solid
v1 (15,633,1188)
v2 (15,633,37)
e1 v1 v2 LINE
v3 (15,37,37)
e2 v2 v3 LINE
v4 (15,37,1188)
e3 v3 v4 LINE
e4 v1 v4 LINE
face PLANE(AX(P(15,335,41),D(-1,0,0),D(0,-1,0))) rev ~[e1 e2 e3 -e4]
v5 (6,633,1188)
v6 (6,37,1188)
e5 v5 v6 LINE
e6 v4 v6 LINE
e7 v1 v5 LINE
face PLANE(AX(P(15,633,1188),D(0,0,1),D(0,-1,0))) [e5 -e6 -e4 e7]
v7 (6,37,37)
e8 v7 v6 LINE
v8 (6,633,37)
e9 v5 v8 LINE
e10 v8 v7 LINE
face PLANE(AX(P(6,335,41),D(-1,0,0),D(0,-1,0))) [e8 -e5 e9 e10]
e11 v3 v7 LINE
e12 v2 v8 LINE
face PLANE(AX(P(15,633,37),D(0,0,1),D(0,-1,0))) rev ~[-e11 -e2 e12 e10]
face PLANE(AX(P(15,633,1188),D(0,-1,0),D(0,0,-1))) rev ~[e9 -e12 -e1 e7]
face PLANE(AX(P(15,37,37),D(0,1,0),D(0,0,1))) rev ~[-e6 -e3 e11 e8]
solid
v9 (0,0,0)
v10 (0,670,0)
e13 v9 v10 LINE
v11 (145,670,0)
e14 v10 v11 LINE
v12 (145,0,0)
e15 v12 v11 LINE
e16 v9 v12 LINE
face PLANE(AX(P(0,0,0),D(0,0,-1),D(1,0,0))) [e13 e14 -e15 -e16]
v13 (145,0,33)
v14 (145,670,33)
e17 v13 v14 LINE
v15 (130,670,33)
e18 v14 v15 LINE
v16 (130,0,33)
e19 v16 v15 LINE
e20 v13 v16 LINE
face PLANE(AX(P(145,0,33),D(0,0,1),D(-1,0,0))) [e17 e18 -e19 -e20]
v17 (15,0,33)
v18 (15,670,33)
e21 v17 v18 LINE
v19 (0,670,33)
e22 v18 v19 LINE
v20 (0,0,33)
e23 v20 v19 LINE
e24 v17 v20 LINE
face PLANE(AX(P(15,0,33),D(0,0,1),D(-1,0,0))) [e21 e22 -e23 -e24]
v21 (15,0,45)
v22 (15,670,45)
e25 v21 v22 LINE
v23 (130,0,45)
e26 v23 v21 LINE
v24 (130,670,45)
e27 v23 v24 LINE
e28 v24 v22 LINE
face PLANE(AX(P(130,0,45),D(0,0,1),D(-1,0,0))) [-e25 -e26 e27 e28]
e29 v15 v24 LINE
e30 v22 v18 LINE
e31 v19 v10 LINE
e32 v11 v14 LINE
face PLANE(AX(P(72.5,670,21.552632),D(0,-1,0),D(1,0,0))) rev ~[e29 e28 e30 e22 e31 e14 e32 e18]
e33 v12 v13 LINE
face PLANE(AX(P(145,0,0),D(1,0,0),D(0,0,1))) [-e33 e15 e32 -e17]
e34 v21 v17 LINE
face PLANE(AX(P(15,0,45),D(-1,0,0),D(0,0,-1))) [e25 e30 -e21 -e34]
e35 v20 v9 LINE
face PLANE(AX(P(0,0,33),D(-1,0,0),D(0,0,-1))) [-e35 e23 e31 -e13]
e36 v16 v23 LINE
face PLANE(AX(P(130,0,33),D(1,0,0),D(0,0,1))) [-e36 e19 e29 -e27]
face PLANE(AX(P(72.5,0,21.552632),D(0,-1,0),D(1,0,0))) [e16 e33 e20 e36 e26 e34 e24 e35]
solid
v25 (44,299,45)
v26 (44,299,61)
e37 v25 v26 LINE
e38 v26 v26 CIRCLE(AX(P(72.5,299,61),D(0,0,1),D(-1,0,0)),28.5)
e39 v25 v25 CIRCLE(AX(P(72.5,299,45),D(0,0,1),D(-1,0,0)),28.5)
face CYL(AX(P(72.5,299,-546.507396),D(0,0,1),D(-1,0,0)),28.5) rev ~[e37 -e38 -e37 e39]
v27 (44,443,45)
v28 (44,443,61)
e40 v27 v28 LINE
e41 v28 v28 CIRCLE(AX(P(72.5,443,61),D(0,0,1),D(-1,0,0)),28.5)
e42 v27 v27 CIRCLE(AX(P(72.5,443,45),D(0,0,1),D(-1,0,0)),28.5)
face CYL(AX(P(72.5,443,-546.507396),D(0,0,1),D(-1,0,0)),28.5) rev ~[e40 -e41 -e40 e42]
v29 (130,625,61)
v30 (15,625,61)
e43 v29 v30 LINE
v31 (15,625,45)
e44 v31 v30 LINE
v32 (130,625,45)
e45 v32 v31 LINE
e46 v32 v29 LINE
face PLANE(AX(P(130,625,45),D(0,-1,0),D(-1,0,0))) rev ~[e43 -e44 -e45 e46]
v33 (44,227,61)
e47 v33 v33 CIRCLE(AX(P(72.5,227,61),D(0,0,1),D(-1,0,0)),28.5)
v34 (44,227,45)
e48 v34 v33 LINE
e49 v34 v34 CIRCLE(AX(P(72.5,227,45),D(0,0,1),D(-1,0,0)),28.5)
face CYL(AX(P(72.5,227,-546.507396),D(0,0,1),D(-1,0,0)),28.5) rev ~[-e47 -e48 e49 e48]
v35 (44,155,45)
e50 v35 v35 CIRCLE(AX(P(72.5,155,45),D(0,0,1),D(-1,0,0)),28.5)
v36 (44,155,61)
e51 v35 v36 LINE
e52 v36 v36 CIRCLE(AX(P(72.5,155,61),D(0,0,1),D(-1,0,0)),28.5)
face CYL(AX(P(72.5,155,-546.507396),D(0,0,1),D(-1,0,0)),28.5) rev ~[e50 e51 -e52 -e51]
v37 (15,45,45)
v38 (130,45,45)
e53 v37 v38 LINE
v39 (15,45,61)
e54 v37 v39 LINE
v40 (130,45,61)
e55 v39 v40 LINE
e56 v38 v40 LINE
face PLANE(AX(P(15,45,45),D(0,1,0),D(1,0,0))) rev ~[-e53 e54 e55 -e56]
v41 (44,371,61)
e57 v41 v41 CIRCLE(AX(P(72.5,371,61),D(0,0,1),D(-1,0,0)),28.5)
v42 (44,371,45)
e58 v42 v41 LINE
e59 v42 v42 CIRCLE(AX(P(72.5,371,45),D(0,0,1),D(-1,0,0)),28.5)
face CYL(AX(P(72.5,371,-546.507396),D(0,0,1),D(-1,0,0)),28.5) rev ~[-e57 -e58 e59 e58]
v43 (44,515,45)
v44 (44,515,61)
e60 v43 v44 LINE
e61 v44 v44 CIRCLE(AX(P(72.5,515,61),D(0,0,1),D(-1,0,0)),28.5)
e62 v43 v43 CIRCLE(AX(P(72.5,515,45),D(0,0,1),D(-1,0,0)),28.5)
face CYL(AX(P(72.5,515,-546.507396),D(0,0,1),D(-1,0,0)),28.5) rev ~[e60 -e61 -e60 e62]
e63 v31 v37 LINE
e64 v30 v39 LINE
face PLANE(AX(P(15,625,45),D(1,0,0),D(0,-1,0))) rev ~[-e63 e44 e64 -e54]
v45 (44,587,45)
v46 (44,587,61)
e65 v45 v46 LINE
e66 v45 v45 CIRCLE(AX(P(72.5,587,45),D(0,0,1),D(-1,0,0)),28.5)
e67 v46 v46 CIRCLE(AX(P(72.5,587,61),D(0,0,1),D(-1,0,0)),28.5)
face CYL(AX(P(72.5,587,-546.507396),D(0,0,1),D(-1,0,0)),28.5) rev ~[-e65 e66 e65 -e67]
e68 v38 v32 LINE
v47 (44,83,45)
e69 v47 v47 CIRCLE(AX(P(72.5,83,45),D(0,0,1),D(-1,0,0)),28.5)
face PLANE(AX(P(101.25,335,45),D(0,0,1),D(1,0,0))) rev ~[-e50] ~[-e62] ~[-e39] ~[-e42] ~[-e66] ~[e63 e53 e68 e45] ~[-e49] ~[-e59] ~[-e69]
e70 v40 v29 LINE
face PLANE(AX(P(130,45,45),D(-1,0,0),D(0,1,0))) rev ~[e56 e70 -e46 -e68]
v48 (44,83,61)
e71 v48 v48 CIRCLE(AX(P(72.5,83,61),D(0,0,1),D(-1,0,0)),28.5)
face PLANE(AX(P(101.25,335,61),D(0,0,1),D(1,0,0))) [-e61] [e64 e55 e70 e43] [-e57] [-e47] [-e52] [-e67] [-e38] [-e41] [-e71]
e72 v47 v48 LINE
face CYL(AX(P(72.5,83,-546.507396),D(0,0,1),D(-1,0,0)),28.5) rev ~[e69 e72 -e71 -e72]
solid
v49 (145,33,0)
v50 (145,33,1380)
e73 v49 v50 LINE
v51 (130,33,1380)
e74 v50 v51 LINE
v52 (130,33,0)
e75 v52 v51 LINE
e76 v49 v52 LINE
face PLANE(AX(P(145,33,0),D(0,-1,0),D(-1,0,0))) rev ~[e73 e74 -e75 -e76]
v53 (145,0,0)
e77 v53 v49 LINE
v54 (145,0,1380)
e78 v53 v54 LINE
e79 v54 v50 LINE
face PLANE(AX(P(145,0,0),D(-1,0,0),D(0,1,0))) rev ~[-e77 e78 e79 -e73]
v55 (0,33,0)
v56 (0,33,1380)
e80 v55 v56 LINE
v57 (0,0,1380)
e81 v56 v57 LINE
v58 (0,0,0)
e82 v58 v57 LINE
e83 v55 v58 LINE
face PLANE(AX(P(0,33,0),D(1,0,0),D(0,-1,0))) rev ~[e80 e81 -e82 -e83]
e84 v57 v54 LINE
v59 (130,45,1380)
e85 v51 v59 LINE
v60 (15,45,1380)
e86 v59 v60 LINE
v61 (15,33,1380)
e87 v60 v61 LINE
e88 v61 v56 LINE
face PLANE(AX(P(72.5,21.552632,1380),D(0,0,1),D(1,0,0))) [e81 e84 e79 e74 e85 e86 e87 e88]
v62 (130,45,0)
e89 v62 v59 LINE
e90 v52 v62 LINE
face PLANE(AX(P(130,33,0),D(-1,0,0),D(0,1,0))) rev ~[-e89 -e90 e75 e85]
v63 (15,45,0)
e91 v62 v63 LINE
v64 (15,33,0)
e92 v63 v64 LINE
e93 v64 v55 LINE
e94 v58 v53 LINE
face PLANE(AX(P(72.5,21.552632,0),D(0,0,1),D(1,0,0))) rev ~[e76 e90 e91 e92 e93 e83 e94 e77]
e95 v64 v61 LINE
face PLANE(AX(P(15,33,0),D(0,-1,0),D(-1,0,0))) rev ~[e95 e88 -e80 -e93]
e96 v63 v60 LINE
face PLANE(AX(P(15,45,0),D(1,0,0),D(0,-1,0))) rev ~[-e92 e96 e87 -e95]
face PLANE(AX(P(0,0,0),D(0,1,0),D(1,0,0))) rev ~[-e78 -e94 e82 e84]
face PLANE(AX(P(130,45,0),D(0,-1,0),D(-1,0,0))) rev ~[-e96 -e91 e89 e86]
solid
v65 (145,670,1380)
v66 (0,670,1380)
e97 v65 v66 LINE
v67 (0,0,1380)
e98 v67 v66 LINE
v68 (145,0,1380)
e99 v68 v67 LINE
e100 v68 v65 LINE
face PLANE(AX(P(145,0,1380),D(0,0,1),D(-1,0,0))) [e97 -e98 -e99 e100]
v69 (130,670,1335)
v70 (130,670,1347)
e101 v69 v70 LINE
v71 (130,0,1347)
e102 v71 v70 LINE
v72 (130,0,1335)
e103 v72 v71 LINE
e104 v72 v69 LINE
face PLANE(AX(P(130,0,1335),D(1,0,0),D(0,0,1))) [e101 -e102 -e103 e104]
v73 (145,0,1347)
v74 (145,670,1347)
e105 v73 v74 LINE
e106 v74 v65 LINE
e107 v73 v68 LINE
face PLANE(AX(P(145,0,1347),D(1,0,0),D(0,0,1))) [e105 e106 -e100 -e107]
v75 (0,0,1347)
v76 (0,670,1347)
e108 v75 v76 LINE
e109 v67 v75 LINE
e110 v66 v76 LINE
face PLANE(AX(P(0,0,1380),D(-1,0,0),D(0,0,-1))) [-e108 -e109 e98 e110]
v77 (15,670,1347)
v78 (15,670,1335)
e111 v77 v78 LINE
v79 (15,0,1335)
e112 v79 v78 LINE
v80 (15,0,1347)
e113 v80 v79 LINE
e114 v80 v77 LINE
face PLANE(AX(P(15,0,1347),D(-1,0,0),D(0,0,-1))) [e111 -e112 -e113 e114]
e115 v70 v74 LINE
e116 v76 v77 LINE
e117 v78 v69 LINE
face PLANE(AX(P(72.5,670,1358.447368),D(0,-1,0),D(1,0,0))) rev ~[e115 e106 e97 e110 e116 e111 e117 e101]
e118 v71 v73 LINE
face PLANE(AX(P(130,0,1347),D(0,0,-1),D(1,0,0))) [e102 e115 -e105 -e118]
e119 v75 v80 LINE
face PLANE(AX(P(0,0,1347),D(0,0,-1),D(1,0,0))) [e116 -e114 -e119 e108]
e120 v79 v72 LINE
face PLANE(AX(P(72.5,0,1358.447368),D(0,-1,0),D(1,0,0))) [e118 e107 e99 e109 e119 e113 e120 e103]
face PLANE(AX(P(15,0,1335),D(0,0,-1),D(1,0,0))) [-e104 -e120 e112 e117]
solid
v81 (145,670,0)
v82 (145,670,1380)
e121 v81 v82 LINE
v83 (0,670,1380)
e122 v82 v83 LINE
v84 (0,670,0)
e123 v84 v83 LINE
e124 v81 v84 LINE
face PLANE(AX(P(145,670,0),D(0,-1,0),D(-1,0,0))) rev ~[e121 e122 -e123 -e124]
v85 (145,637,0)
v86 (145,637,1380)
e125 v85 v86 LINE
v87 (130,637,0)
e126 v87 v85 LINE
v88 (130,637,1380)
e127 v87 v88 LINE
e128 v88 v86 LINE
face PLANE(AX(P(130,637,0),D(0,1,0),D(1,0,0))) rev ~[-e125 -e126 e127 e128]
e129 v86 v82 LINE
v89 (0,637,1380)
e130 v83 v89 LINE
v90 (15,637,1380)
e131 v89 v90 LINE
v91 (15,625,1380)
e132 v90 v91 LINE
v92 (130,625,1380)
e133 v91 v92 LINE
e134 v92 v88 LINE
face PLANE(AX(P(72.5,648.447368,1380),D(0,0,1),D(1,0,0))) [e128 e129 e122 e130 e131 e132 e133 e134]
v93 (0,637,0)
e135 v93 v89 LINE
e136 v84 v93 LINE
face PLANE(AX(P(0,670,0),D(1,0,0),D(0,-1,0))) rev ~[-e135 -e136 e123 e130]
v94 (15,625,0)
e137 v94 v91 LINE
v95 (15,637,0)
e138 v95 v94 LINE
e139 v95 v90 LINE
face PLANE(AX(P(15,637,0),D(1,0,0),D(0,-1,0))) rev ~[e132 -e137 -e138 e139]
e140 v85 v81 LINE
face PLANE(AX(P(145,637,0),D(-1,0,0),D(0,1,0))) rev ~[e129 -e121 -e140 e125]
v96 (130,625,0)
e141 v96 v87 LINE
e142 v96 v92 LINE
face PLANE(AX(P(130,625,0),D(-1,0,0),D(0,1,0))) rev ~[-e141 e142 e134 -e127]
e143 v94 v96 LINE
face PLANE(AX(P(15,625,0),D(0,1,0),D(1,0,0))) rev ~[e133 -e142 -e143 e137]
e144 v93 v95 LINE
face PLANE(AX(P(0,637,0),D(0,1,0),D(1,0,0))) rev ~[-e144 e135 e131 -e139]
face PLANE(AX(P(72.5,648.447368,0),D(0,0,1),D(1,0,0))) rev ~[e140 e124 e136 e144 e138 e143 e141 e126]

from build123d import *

# Parameters (mm, degrees)
F1_DEPTH = 1380
F3_DEPTH = 670
F5_DEPTH = 16
F6_D     = 57
F7_W     = 596
F7_H     = 8
F7_H_2   = 1143
F8_DEPTH = 9


with BuildPart() as f1:
    # F0 (on Top) → F1 (new body)
    with BuildSketch(Plane.XY):
        Polygon((0, 33), (0, 0), (145, 0), (145, 33), (130, 33), (130, 45), (15, 45), (15, 33), align=None)
    extrude(amount=F1_DEPTH)


with BuildPart() as f1b:
    # F0 (on Top) → F1, piece 2 (new body)
    with BuildSketch(Plane.XY):
        Polygon((145, 670), (0, 670), (0, 637), (15, 637), (15, 625), (130, 625), (130, 637), (145, 637), align=None)
    extrude(amount=F1_DEPTH)


with BuildPart() as f3:
    # F2 (on face) → F3 (new body)
    with BuildSketch(Plane.XZ):
        Polygon((0, 1380), (0, 1347), (15, 1347), (15, 1335), (130, 1335), (130, 1347), (145, 1347), (145, 1380), align=None)
    extrude(amount=-F3_DEPTH)


with BuildPart() as f3b:
    # F2 (on face) → F3, piece 2 (new body)
    with BuildSketch(Plane.XZ):
        Polygon((0, 33), (0, 0), (145, 0), (145, 33), (130, 33), (130, 45), (15, 45), (15, 33), align=None)
    extrude(amount=-F3_DEPTH)


with BuildPart() as f5:
    # F4 (on face) → F5 (new body)
    with BuildSketch(Plane.XY.offset(45)):
        Polygon((130, 45), (130, 625), (72.5, 625), (72.5, 299), (72.5, 227), (72.5, 155), (72.5, 83), (72.5, 45), align=None)
        Polygon((72.5, 299), (72.5, 625), (15, 625), (15, 45), (72.5, 45), (72.5, 83), (72.5, 155), (72.5, 227), align=None)
    extrude(amount=F5_DEPTH)

    # F6 (through all)
    with Locations(Plane(origin=(0, 0, 45), x_dir=(1, 0, 0), z_dir=(0, 0, -1))):
        with Locations((72.5, -83), (72.5, -155), (72.5, -227), (72.5, -299), (72.5, -371), (72.5, -443), (72.5, -515), (72.5, -587)):
            Hole(F6_D / 2)


with BuildPart() as f8:
    # F7 (on face) → F8 (new body)
    with BuildSketch(Plane(origin=(15, 0, 0), x_dir=(0, -1, 0), z_dir=(-1, 0, 0))):
        with Locations((-335, 41)):
            Rectangle(F7_W, F7_H)
        with Locations((-335, 616.5)):
            Rectangle(F7_W, F7_H_2)
    extrude(amount=F8_DEPTH)


solid = Compound([f1.part, f1b.part, f3.part, f3b.part, f5.part, f8.part])
